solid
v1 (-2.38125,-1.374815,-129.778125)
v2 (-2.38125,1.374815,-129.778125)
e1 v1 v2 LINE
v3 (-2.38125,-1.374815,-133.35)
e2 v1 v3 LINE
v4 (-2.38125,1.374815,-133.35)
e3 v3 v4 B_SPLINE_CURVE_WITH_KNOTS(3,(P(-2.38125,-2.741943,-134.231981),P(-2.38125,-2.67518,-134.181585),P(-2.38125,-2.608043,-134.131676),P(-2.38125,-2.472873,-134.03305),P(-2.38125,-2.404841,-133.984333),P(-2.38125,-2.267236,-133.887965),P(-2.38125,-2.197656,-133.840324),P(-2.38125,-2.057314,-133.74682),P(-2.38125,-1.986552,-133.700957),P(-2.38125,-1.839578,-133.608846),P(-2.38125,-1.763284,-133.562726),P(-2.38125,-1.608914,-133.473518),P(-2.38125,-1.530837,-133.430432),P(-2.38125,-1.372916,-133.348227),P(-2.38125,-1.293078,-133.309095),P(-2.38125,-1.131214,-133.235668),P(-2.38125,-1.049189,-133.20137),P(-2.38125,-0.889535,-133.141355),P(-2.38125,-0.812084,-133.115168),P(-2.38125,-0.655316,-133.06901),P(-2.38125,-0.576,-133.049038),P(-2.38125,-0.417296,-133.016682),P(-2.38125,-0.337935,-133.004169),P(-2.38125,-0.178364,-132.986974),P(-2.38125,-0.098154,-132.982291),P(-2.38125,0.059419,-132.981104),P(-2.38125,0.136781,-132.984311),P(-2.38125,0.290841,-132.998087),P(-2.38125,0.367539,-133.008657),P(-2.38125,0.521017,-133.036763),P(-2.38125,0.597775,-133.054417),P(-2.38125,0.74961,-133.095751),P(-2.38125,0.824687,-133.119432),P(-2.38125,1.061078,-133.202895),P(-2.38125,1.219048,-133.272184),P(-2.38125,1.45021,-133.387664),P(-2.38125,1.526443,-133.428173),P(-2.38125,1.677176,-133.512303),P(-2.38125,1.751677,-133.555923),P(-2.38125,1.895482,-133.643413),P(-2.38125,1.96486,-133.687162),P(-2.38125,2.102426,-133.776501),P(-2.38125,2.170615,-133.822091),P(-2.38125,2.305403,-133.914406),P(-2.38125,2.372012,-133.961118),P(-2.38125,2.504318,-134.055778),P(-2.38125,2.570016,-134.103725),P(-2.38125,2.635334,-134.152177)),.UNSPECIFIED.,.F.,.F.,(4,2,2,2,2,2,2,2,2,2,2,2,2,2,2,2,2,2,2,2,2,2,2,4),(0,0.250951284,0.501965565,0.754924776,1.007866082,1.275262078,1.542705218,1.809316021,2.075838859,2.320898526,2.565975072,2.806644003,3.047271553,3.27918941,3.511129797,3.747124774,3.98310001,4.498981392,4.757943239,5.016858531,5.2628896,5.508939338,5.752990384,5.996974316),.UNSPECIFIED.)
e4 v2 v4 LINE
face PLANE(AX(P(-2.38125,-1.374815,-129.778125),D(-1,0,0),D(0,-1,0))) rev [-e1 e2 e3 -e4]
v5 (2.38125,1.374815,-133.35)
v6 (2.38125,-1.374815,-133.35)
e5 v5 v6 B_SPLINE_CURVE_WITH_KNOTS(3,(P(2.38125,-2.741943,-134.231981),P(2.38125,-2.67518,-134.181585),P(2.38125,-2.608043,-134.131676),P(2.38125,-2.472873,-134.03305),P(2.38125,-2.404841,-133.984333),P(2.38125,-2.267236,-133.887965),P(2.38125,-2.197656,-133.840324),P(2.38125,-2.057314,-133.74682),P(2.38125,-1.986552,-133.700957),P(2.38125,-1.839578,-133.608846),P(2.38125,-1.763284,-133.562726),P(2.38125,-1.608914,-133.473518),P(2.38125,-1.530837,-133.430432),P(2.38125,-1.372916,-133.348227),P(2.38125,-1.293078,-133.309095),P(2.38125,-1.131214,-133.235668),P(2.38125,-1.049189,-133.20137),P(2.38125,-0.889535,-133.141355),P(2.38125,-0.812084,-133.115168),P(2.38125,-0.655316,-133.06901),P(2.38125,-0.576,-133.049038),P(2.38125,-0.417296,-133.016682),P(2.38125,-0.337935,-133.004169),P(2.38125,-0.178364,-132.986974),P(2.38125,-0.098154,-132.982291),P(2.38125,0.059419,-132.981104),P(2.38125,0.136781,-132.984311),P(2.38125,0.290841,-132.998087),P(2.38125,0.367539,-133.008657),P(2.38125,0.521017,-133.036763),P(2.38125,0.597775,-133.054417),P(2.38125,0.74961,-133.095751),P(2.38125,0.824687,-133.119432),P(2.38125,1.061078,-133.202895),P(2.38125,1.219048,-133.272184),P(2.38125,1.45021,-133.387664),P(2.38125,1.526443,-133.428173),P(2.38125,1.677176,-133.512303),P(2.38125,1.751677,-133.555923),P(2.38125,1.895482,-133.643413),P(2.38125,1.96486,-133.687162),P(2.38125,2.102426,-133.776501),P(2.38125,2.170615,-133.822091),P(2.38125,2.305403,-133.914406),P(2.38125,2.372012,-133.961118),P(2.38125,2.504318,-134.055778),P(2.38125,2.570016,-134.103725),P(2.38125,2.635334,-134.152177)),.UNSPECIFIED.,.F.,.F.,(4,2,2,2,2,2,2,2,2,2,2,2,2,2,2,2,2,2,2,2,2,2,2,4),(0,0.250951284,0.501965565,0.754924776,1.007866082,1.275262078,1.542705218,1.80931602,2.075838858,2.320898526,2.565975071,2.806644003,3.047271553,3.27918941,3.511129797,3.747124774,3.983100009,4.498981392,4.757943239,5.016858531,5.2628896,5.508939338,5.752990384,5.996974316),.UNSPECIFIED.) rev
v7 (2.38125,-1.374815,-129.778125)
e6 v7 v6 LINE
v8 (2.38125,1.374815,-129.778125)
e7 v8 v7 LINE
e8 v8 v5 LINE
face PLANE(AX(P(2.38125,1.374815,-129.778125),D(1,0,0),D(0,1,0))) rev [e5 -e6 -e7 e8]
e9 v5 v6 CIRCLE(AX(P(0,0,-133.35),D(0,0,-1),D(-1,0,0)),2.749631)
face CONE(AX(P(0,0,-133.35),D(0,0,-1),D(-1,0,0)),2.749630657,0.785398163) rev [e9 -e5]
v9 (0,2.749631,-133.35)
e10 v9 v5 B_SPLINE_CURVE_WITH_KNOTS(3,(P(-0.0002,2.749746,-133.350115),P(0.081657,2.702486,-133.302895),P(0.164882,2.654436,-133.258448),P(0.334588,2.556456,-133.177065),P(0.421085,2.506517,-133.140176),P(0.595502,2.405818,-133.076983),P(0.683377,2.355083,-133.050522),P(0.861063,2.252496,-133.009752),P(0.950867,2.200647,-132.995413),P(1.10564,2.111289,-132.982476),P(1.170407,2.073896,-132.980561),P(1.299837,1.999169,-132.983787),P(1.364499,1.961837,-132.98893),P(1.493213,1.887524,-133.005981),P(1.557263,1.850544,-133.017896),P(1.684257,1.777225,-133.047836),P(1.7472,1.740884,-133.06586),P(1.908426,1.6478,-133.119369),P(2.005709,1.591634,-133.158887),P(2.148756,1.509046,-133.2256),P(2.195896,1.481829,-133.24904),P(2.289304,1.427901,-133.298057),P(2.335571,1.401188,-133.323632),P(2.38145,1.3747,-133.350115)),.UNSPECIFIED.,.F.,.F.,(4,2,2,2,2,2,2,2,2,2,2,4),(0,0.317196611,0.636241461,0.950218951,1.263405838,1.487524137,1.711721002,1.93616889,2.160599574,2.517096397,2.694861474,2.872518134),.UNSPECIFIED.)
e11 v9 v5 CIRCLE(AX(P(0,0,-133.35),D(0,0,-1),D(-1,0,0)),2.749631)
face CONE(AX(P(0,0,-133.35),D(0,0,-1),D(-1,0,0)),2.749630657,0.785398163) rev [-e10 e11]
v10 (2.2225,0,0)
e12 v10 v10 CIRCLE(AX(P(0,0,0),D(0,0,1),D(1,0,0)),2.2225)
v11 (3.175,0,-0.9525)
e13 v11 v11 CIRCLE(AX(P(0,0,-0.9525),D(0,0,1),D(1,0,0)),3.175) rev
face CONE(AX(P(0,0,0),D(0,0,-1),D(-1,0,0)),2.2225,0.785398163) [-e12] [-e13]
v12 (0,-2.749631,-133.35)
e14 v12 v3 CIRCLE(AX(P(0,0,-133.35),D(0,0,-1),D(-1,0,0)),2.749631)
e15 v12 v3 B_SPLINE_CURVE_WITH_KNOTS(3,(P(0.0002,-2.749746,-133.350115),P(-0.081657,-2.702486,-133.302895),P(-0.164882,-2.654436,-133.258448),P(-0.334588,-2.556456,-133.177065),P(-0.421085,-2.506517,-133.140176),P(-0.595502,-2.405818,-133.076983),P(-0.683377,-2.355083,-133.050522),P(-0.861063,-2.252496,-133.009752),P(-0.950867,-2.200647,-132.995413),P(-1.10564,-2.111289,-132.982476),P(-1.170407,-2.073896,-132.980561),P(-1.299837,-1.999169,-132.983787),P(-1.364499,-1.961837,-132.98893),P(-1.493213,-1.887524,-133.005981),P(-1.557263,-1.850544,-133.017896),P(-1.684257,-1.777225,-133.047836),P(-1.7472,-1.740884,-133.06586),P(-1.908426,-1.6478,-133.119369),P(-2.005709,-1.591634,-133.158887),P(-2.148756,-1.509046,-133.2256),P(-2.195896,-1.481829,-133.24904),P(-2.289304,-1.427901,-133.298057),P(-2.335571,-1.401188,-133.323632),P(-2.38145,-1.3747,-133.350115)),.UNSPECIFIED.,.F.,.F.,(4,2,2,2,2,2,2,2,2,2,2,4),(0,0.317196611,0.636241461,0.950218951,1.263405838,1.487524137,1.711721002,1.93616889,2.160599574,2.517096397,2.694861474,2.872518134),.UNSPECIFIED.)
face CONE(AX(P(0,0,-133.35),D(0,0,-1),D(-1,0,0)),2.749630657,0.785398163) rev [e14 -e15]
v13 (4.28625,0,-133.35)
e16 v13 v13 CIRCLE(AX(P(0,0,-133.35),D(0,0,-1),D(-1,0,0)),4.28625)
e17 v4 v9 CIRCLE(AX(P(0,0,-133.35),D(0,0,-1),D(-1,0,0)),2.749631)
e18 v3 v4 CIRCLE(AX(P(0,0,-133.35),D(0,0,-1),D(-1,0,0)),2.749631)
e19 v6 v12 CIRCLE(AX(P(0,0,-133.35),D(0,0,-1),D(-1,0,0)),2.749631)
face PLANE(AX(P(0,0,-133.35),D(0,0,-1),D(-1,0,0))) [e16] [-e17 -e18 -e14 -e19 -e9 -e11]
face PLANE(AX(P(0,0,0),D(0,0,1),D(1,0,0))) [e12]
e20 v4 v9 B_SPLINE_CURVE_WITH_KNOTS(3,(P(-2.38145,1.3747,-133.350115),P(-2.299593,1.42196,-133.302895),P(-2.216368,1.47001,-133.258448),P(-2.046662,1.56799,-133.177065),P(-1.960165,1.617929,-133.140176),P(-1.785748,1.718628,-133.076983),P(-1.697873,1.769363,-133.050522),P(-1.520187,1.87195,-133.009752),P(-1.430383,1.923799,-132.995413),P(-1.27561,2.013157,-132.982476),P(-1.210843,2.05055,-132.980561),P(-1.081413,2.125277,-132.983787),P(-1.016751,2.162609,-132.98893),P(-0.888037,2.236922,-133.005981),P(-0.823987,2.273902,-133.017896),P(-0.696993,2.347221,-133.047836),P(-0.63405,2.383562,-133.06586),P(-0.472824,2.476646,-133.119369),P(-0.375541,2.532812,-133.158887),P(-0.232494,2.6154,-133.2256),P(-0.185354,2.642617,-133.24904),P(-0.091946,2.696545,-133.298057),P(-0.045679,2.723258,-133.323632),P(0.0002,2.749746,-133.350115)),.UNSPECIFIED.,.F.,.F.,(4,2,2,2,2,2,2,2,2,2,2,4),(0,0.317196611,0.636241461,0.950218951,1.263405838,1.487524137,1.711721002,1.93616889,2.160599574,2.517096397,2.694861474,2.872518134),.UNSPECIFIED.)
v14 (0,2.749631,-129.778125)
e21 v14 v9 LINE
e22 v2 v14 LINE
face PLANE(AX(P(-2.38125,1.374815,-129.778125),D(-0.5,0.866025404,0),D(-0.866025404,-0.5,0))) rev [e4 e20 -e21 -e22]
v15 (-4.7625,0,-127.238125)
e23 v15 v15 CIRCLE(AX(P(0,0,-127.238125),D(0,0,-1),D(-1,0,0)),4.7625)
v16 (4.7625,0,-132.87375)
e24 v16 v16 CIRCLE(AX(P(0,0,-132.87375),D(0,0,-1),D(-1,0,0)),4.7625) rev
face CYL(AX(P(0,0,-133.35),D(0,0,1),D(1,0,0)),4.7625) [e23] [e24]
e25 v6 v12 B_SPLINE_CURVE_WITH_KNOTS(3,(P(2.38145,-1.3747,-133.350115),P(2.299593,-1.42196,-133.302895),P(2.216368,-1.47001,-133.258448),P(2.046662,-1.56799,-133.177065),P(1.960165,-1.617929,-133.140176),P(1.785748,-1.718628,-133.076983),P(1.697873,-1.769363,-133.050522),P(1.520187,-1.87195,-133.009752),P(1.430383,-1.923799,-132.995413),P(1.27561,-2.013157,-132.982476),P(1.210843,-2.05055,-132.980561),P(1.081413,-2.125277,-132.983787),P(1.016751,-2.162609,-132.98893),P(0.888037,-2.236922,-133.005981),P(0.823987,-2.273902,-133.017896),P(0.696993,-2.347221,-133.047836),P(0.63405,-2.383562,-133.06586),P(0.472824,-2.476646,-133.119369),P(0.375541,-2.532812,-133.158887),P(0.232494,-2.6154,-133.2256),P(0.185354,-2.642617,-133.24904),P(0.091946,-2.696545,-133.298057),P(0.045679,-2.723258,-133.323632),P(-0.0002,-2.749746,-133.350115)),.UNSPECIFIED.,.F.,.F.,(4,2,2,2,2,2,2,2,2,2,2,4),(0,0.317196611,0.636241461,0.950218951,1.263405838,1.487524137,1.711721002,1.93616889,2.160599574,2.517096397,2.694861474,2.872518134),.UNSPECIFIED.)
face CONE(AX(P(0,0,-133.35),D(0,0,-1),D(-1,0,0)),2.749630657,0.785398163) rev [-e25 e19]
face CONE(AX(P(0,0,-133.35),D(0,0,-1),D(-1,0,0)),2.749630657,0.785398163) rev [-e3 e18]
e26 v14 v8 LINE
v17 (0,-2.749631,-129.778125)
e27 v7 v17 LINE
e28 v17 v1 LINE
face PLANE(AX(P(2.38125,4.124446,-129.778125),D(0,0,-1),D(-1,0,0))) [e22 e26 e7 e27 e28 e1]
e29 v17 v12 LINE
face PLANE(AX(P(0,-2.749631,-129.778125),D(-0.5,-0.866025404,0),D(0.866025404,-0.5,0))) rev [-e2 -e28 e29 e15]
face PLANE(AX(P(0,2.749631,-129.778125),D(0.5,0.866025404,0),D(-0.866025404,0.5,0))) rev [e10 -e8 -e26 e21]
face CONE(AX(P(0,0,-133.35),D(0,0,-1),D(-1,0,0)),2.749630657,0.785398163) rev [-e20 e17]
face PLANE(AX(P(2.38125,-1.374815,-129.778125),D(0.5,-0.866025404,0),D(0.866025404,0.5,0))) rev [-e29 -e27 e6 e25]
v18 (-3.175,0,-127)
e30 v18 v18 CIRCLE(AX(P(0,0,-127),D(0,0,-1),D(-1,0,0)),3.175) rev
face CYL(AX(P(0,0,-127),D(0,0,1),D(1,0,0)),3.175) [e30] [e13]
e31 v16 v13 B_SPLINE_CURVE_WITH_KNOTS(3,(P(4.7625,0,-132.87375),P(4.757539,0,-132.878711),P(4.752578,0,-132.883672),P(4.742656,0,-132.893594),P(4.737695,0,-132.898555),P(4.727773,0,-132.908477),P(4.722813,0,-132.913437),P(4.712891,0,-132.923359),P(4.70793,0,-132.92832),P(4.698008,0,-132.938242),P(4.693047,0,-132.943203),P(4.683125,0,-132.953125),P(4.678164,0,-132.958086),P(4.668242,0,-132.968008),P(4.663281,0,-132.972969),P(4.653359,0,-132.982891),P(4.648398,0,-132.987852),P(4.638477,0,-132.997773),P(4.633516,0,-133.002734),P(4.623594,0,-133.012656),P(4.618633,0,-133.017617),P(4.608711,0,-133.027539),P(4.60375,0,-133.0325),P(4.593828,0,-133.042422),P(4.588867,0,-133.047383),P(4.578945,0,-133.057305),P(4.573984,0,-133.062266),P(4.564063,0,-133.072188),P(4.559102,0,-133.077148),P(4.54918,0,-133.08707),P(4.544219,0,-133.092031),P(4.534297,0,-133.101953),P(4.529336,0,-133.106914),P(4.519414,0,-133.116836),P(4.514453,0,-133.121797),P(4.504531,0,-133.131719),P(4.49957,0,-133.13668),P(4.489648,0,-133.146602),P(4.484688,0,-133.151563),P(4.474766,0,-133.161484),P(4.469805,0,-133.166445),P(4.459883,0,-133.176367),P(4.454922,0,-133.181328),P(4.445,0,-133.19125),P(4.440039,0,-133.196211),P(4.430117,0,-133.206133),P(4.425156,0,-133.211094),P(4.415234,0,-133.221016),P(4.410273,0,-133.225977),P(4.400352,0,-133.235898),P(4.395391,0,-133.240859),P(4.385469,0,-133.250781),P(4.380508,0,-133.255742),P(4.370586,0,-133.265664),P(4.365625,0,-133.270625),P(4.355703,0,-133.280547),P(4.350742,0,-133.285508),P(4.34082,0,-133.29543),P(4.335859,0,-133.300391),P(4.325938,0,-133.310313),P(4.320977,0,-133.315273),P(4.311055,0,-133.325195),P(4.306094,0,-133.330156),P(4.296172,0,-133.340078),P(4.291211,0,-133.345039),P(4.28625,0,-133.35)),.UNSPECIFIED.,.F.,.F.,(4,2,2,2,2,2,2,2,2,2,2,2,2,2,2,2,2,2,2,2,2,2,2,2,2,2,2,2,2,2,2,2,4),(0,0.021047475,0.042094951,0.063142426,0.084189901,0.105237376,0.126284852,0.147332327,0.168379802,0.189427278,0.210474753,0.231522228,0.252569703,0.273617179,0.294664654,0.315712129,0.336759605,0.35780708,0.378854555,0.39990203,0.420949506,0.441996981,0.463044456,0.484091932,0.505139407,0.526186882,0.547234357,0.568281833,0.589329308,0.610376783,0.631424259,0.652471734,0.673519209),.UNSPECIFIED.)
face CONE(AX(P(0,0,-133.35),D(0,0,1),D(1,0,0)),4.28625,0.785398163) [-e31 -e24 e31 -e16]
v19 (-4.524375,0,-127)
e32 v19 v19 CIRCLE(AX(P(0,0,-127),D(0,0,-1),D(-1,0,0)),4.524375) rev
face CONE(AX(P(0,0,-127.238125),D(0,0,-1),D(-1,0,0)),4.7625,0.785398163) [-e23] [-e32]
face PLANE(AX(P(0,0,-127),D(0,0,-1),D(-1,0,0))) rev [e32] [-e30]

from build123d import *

# Parameters (mm, degrees)
SKETCH1_R          = 3.175
EXTRUDE1_DEPTH     = 127
CHAMFER3_SIZE      = 0.9525
SKETCH6_R          = 4.7625
EXTRUDE2_DEPTH     = 6.35
CUT_EXTRUDE1_DEPTH = 3.571875
CHAMFER1_SIZE      = 0.47625
CHAMFER2_SIZE      = 0.238125


with BuildPart() as part:
    # Sketch1 → Extrude1 (new body)
    with BuildSketch(Plane.XY):
        Circle(SKETCH1_R)
    extrude(amount=-EXTRUDE1_DEPTH)

    # Chamfer3
    chamfer3_edges = [part.edges().sort_by_distance(p)[0] for p in [
        (-3.175, 0, 0),
    ]]
    chamfer(chamfer3_edges, length=CHAMFER3_SIZE)

    # Sketch6 → Extrude2 (add)
    with BuildSketch(Plane(origin=(0, 0, -127), x_dir=(-1, 0, 0), z_dir=(0, 0, -1))):
        Circle(SKETCH6_R)
    extrude(amount=EXTRUDE2_DEPTH)

    # Sketch7 → Cut-Extrude1 (cut)
    with BuildSketch(Plane(origin=(0, 0, -133.35), x_dir=(-1, 0, 0), z_dir=(0, 0, -1))):
        Polygon((0, 2.749630657), (-2.38125, 1.374815329), (-2.38125, -1.374815329), (0, -2.749630657), (2.38125, -1.374815329), (2.38125, 1.374815329), align=None)
    extrude(amount=-CUT_EXTRUDE1_DEPTH, mode=Mode.SUBTRACT)

    # Cut-Extrude2 cone 1 section (through the dimple's axis) → Cut-Extrude2 (revolve, cut)
    with BuildSketch(Plane(origin=(0, 0, -133.35), x_dir=(0, 1, 0), z_dir=(1, 0, 0))):
        Polygon((0, 0), (2.749630657, 0), (0, 2.749630657), align=None)
    revolve(axis=Axis((0, 0, -133.35), (0, 0, 1)), mode=Mode.SUBTRACT)

    # Chamfer1
    chamfer1_edges = [part.edges().sort_by_distance(p)[0] for p in [
        (4.7625, 0, -133.35),
    ]]
    chamfer(chamfer1_edges, length=CHAMFER1_SIZE)

    # Chamfer2
    chamfer2_edges = [part.edges().sort_by_distance(p)[0] for p in [
        (4.7625, 0, -127),
    ]]
    chamfer(chamfer2_edges, length=CHAMFER2_SIZE)


solid = part.part
